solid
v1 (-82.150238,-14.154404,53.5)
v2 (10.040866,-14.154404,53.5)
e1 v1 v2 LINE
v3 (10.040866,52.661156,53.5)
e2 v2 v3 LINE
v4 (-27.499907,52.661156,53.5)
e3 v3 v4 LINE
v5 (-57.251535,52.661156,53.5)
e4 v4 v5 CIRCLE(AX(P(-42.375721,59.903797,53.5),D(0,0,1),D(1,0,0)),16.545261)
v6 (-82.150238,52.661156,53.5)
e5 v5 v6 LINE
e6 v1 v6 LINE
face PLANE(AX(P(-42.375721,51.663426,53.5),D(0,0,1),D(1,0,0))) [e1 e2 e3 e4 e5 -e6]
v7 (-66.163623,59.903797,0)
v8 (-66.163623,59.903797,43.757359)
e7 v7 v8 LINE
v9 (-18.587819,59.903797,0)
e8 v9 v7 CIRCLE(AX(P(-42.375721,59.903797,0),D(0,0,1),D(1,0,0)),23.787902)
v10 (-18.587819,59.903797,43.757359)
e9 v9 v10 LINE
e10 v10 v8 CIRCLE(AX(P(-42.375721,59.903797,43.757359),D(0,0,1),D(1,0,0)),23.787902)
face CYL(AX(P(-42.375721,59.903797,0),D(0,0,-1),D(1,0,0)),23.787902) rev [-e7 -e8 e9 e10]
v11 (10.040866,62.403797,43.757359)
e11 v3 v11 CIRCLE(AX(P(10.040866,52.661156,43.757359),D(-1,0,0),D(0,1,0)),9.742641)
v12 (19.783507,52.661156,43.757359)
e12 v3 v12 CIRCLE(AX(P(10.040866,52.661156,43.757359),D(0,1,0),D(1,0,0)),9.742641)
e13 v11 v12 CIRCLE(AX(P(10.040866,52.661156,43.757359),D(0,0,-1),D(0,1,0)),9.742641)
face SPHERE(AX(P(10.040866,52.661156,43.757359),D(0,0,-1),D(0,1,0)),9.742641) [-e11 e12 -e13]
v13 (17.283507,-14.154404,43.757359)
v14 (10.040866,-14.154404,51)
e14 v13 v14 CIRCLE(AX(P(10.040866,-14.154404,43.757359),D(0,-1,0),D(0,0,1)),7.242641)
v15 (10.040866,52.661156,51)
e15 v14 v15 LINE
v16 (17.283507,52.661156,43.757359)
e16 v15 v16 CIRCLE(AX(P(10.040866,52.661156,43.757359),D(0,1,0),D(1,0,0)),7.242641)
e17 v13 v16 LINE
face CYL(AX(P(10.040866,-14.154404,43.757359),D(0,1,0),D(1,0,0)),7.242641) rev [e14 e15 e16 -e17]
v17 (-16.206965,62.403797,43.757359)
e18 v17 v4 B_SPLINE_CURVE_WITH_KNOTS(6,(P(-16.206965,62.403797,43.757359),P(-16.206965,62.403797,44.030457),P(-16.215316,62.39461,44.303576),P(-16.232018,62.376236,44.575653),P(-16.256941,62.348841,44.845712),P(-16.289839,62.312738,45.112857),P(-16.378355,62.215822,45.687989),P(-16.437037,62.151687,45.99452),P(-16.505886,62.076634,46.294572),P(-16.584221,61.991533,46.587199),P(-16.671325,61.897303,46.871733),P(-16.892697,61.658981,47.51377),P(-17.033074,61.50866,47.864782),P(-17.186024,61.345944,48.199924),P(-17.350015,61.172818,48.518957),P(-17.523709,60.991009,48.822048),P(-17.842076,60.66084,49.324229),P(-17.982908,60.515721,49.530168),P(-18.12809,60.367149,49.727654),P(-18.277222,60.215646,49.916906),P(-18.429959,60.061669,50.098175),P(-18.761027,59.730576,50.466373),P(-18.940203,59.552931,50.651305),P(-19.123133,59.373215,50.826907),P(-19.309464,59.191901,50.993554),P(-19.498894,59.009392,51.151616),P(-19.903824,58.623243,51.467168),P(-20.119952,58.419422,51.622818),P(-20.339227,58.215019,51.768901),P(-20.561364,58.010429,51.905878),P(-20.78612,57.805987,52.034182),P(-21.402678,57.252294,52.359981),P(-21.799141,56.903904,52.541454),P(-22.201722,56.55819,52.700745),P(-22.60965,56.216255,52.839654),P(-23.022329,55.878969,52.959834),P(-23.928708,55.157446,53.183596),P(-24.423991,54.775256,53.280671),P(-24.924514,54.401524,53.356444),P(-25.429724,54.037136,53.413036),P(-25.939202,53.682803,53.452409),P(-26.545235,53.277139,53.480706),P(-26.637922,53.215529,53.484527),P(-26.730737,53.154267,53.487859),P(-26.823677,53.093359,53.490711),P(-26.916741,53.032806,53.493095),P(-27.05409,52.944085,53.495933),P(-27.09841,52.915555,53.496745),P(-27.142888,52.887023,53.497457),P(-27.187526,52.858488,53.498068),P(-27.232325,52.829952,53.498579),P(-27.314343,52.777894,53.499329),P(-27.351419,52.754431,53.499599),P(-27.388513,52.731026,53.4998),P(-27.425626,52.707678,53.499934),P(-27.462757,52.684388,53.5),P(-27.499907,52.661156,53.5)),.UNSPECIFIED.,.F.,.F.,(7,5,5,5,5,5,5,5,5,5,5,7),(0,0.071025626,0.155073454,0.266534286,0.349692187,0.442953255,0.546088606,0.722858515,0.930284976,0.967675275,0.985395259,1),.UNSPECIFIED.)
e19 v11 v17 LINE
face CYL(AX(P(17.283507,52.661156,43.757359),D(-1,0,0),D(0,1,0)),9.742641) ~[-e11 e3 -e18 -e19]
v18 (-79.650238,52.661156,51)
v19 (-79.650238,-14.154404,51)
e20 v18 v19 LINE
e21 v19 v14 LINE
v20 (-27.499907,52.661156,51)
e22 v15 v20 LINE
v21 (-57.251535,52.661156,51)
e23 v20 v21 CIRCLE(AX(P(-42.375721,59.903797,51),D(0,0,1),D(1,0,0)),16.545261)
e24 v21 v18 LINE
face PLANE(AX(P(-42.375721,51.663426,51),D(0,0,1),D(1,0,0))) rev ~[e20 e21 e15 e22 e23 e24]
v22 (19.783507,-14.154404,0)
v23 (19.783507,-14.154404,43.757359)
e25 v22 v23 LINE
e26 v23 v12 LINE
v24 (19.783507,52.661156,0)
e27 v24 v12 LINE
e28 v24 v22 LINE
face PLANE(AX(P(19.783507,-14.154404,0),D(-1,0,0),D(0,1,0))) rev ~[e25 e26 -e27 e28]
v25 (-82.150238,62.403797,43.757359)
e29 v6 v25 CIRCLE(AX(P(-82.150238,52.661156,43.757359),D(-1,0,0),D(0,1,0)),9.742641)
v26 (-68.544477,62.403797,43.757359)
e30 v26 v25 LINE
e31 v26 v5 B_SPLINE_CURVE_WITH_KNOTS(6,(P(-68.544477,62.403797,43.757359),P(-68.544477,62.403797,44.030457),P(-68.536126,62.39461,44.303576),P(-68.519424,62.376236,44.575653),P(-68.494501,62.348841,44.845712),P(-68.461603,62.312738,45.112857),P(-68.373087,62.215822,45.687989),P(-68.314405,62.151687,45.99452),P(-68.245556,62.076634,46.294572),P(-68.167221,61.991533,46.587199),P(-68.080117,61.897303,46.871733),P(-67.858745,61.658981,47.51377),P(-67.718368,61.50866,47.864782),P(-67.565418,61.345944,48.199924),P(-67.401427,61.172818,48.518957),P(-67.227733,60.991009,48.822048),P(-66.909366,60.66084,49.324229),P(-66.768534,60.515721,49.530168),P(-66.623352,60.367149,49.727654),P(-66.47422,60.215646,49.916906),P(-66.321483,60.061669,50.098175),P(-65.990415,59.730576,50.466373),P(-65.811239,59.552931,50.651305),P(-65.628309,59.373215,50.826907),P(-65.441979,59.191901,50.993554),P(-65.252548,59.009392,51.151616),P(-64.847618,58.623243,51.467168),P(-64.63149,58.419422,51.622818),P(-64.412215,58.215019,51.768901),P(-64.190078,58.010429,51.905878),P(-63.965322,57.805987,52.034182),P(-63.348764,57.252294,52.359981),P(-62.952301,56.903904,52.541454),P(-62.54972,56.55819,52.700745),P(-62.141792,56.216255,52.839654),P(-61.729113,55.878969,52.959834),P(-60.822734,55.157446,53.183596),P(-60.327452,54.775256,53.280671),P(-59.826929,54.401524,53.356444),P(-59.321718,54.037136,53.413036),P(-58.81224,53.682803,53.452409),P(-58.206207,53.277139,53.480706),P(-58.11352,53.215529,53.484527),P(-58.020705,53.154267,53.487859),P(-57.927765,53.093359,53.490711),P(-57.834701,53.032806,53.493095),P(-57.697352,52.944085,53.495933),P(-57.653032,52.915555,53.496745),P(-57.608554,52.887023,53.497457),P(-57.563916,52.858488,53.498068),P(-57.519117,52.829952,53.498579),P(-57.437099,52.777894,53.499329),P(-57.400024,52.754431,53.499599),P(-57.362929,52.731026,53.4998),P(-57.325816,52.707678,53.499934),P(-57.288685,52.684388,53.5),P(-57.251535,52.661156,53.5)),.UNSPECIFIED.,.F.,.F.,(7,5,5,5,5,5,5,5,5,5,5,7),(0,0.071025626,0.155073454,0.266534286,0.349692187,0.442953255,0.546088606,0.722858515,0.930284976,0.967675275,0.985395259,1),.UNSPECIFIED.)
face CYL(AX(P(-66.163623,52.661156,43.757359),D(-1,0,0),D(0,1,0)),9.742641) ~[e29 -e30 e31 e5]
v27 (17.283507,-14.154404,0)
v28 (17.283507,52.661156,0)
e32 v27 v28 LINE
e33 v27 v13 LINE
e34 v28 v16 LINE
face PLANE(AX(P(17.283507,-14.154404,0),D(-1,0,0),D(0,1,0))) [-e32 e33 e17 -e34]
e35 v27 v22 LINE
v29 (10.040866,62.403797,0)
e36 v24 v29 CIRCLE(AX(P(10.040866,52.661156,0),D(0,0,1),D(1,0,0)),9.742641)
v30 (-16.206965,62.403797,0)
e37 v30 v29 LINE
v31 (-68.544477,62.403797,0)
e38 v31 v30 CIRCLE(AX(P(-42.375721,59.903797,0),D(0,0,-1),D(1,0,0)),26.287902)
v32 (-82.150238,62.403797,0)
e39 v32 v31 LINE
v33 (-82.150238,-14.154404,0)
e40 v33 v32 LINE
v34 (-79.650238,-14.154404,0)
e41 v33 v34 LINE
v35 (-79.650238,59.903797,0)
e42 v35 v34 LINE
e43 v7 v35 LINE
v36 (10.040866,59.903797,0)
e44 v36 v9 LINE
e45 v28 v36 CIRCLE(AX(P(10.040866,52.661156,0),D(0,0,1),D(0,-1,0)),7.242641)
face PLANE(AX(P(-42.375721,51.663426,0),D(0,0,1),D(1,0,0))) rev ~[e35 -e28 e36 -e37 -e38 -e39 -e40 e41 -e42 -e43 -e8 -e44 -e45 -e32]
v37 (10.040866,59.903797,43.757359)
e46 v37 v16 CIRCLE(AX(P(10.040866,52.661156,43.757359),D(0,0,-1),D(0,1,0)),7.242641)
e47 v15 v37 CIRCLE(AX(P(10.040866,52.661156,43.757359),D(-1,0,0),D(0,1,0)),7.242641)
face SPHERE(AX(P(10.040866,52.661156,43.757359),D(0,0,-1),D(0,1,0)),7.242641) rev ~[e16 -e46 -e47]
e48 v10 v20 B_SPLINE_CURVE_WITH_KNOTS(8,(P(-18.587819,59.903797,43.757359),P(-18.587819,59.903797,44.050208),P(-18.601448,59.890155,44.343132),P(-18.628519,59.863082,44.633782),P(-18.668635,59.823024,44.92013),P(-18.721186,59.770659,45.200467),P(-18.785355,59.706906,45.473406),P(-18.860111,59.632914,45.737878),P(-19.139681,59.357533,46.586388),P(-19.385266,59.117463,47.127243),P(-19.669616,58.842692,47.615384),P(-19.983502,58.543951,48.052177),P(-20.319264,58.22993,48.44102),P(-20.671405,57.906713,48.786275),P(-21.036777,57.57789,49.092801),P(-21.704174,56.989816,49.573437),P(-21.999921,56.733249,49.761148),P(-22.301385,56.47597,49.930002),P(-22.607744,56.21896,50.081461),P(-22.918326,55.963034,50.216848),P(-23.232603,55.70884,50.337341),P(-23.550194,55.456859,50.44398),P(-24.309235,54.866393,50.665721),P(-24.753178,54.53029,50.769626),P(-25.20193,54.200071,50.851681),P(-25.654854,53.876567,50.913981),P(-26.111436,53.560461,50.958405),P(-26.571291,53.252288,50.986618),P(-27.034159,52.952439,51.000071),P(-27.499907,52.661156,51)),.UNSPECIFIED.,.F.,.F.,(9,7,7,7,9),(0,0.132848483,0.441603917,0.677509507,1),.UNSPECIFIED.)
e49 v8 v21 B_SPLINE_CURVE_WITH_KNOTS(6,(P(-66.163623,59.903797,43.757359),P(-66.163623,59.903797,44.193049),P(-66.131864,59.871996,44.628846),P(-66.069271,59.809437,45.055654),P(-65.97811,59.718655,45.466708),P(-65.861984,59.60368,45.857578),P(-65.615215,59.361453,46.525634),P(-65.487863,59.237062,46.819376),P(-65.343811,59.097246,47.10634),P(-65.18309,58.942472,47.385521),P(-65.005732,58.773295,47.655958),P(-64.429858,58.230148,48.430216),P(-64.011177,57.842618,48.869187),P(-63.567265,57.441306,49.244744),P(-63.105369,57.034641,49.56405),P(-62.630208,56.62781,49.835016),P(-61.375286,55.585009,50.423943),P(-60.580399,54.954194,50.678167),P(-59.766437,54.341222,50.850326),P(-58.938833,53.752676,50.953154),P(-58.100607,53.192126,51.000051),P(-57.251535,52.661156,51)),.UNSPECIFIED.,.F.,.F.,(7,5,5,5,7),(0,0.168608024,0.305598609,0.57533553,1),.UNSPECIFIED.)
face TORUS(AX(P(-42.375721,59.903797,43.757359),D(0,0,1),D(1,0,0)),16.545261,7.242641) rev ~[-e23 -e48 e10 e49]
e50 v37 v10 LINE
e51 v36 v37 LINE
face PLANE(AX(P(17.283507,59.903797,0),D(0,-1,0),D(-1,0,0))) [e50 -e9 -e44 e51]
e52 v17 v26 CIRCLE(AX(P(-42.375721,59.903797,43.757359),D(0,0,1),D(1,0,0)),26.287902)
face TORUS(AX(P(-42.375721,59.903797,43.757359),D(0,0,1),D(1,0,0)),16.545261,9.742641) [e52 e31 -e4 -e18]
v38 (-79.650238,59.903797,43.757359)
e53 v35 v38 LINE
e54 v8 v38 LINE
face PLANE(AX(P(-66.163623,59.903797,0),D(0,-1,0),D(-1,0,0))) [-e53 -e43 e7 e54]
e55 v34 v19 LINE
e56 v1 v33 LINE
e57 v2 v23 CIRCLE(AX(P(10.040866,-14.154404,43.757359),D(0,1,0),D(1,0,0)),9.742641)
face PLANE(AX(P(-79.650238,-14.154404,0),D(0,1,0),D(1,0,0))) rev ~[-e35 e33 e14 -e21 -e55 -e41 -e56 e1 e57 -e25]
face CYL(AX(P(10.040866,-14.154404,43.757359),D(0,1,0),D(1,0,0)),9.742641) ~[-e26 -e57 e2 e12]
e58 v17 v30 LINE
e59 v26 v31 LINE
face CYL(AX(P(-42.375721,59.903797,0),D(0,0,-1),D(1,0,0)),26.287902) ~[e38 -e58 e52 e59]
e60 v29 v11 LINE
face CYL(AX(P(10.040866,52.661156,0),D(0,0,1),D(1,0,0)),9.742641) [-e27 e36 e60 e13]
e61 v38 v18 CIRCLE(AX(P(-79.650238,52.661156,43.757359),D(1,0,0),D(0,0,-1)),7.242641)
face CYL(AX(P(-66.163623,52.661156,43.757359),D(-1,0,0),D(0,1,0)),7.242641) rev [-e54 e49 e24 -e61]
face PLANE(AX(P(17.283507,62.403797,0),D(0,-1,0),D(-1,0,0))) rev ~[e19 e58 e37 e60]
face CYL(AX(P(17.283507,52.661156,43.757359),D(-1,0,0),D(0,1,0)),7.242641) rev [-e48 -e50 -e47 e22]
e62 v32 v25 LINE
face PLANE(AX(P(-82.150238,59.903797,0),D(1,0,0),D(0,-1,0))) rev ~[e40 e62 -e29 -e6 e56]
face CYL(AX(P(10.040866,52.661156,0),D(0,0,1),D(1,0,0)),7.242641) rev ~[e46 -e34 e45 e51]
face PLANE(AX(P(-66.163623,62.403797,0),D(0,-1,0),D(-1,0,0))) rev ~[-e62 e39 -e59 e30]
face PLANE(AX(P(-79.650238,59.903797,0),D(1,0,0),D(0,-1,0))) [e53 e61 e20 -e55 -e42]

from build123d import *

# Parameters (mm, degrees)
F1_DEPTH = 51
F2_R     = 7.2426406871
F3_T     = 2.5


with BuildPart() as f1:
    # F0 (on Top) → F1 (new body)
    with BuildSketch(Plane.XY):
        with BuildLine():
            ThreePointArc((-66.1636230606, 59.9037967622), (-42.3757210374, 36.115894739), (-18.5878190141, 59.9037967622))
            Line((-18.5878190141, 59.9037967622), (-66.1636230606, 59.9037967622))
        make_face()
        with BuildLine():
            Line((-66.1636230606, 59.9037967622), (-18.5878190141, 59.9037967622))
            ThreePointArc((-18.5878190141, 59.9037967622), (-42.3757210374, 83.6916987855), (-66.1636230606, 59.9037967622))
        make_face()
        with BuildLine():
            Line((17.2835066915, 59.9037967622), (-18.5878190141, 59.9037967622))
            ThreePointArc((-18.5878190141, 59.9037967622), (-42.3757210374, 36.115894739), (-66.1636230606, 59.9037967622))
            Line((-66.1636230606, 59.9037967622), (-79.6502381563, 59.9037967622))
            Line((-79.6502381563, 59.9037967622), (-79.6502381563, -14.1544044018))
            Line((-79.6502381563, -14.1544044018), (17.2835066915, -14.1544044018))
            Line((17.2835066915, -14.1544044018), (17.2835066915, 59.9037967622))
        make_face()
    extrude(amount=F1_DEPTH)

    # F2
    f2_edges = [f1.edges().sort_by_distance(p)[0] for p in [
        (17.283507, 59.903797, 25.5),
        (-0.652156, 59.903797, 51),
        (17.283507, 22.874696, 51),
        (-42.375721, 83.691699, 51),
        (-72.906931, 59.903797, 51),
    ]]
    fillet(f2_edges, radius=F2_R)

    # F3
    f3_openings = [f1.faces().sort_by_distance(p)[0] for p in [
        (-31.290289, -14.154404, 25.445494),
        (-32.483683, 28.024527, 0),
    ]]
    offset(amount=F3_T, openings=f3_openings, kind=Kind.INTERSECTION)


solid = f1.part
